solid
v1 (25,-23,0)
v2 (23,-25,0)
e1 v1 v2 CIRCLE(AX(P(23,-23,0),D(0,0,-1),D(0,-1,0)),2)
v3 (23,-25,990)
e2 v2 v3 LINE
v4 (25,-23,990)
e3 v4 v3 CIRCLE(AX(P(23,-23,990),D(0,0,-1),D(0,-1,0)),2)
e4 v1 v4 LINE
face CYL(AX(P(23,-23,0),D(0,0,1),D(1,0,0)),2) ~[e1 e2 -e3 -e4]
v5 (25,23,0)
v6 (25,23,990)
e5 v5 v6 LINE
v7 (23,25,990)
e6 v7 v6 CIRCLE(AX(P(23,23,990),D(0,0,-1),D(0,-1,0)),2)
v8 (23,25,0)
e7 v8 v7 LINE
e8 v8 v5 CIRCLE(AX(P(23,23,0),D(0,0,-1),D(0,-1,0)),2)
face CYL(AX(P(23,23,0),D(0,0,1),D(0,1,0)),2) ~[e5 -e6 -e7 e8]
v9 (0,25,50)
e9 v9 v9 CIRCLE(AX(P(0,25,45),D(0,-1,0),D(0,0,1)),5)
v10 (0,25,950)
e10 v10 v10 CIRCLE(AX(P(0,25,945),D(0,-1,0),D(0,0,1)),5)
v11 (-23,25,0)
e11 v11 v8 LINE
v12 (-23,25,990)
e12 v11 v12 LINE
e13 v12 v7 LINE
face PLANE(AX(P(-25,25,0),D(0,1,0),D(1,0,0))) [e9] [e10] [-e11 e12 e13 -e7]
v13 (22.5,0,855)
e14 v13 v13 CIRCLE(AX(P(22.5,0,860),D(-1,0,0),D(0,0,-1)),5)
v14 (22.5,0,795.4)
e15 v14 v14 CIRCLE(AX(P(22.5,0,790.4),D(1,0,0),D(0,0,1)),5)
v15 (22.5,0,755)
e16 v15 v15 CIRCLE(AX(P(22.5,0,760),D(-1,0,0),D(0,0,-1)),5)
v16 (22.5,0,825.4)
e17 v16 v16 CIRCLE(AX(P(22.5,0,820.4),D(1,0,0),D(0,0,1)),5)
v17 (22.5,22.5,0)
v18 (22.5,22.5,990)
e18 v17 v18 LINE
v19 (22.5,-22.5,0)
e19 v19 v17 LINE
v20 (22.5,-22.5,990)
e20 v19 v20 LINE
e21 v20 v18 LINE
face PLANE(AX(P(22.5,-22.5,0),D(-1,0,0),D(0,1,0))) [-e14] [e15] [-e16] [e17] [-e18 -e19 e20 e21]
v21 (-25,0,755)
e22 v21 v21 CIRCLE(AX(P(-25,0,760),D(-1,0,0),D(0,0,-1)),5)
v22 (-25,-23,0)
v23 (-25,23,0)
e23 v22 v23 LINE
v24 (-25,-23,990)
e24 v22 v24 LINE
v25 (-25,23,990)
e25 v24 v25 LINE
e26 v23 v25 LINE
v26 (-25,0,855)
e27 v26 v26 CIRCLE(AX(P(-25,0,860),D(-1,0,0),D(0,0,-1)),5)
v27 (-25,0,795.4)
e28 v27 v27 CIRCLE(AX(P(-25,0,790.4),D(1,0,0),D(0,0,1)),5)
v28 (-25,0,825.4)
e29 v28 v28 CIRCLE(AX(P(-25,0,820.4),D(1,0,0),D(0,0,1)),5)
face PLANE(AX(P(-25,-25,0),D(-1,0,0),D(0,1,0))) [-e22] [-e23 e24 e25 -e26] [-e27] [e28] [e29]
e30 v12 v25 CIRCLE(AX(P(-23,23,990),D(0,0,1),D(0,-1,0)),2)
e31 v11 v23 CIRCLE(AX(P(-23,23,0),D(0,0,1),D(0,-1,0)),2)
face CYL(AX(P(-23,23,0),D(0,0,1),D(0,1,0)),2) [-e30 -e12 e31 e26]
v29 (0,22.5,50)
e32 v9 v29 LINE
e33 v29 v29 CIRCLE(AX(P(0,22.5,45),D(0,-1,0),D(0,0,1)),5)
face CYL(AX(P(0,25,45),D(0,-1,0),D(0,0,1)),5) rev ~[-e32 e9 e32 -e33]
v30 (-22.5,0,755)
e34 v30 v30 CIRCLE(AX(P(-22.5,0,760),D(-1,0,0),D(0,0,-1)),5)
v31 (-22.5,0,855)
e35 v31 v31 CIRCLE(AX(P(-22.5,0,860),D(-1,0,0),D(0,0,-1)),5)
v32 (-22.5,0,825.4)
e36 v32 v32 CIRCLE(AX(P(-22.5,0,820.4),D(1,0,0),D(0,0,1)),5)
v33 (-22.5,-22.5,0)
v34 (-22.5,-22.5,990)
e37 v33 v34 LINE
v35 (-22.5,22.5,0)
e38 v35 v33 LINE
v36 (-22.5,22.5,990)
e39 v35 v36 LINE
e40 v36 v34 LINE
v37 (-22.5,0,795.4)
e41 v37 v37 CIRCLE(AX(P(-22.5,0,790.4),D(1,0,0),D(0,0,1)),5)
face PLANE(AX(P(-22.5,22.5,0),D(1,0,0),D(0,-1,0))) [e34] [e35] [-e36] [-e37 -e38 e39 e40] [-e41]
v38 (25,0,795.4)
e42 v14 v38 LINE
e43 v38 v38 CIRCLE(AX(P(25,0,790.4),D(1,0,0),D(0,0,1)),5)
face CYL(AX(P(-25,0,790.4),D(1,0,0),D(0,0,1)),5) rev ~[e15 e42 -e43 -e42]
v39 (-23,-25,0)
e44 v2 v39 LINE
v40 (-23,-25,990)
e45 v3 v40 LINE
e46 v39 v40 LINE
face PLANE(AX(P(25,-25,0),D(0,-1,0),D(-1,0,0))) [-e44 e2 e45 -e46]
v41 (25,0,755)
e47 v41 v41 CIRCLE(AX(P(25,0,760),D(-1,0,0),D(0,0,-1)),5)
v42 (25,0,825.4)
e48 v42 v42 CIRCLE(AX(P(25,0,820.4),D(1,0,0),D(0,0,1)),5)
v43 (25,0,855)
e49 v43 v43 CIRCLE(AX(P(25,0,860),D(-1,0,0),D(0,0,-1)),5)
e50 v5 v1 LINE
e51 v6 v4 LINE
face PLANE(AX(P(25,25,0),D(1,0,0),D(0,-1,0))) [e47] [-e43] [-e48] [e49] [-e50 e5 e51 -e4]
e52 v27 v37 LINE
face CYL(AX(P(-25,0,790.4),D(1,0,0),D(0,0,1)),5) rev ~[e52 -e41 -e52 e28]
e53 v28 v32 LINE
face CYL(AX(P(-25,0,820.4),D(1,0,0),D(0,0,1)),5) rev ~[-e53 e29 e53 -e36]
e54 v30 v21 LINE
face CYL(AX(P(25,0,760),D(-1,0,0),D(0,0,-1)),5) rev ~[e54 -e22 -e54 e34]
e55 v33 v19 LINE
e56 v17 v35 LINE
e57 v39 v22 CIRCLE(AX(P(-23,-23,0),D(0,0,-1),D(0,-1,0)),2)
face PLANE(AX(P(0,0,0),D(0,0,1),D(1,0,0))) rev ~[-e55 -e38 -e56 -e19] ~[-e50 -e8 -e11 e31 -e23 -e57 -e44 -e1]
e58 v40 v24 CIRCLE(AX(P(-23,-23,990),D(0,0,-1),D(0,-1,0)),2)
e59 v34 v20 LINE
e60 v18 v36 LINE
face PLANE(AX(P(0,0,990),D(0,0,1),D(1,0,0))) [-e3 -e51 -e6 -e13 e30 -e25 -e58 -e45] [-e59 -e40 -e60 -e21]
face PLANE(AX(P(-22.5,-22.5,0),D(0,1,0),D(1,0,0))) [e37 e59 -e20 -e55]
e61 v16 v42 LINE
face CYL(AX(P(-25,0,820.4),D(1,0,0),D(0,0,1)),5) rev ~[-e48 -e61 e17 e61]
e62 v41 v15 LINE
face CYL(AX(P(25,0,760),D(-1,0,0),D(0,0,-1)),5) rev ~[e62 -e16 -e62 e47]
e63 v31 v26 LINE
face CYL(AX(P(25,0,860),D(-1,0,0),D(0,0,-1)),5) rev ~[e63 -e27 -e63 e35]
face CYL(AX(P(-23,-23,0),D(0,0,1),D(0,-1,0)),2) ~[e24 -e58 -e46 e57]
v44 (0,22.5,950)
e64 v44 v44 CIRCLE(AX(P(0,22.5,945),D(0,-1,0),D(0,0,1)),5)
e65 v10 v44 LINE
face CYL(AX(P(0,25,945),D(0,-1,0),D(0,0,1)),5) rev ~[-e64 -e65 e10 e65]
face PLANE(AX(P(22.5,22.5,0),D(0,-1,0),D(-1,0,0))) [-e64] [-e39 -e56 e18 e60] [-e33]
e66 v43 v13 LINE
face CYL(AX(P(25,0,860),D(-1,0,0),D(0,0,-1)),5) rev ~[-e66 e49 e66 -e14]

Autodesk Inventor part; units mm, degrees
ref_plane "YZ Plane" through (0, 0, 0) normal (1, 0, 0) x (0, 1, 0)
ref_plane "XZ Plane" through (0, 0, 0) normal (0, 1, 0) x (-1, 0, 0)
ref_plane "XY Plane" through (0, 0, 0) normal (0, 0, 1) x (1, 0, 0)
sketch "Sketch1" plane through (0, 0, 0) normal (0, 0, 1) x (1, 0, 0)
  line L0 (-25, 25) -> (25, 25)
  line L1 (25, 25) -> (25, -25)
  line L2 (25, -25) -> (-25, -25)
  line L3 (-25, -25) -> (-25, 25)
  line L4 (22.5, 22.5) -> (-22.5, 22.5)
  line L5 (-22.5, 22.5) -> (-22.5, -22.5)
  line L6 (-22.5, -22.5) -> (22.5, -22.5)
  line L7 (22.5, -22.5) -> (22.5, 22.5)
  point P0 (0, 0)
  dimension "d0" = 50
  dimension "d1" = 50
  dimension "d2" = 25
  dimension "d3" = 25
  dimension "d4" = 2.5
extrude "Extrusion1" add sketch "Sketch1" along normal blind 990
fillet "Fillet1" radius 2 4 edges at (25, 25, 495) (-25, 25, 495) (25, -25, 495) (-25, -25, 495)
sketch "Sketch2" plane through (-23, 25, 0) normal (0, 1, 0) x (1, 0, 0)
  line L0 (46, 0) -> (0, 0) projected
  line L1 (46, -990) -> (0, -990) projected
  point P0 (23, 0)
  point P1 (23, -45)
  point P2 (23, -945)
  dimension "d8" = 45
  dimension "d9" = 0
  dimension "d10" = 45
  dimension "d11" = 0
hole "endHoles" at (0, 25, 45) at (0, 25, 945) direction (0, -1, 0) diameter 10 depth 2.5
sketch "Sketch3" plane through (25, -23, 0) normal (1, 0, 0) x (0, 0, -1)
  point P0 (0, 23)
  point P1 (-860, 23)
  point P2 (-760, 23)
  dimension "d19" = 860
  dimension "d20" = 760
  dimension "d21" = 0
  dimension "d22" = 0
hole "clampHoles" at (25, 0, 860) at (25, 0, 760) direction (-1, 0, 0) diameter 10 end through all
sketch "Sketch4" plane through (-25, -23, 0) normal (-1, 0, 0) x (0, 0, 1)
  circle A0 centre (760, 23) radius 5 projected
  circle A1 centre (760, 23) radius 5 projected
  circle A2 centre (860, 23) radius 5 projected
  line L0 (760, 23) -> (860, 23)
  point P0 (0, 23)
  point P1 (790.4, 23)
  point P2 (820.4, 23)
  dimension "d30" = 30
  dimension "d32" = 39.6
hole "Hole3" at (-25, 0, 790.4) at (-25, 0, 820.4) direction (1, 0, 0) diameter 10 end through all
equation "\"d0\" = w"
equation "\"d1\" = w"
equation "\"d2\" = 0.5 * d1"
equation "\"d3\" = 0.5 * d0"
equation "\"d4\" = 0.5 * t"
equation "\"d5\" = L + 2 * buffer"
equation "\"d7\" = fillet"
equation "\"d8\" = buffer"
equation "\"d10\" = buffer"
equation "\"d23\" = support_frame_clampHoleDiameter"
equation "\"w\" = support_frame_squareBarDimension"
equation "\"t\" = support_frame_squareBarThickness"
equation "\"fillet\" = support_frame_squareBarFillet"
equation "\"support_frame_endHoleBuffer\" = 45"
equation "\"buffer\" = support_frame_endHoleBuffer"
equation "\"hoop_angle_z\" = 45deg"
equation "\"hoop_bearing_length\" = 5deg"
equation "\"hoop_cable_diam\" = 5"
equation "\"hoop_cable_pulley_diam\" = 22"
equation "\"hoop_thickness_large\" = 4"
equation "\"hoop_thickness_medium\" = 3.2"
equation "\"hoop_thickness_small\" = 2"
equation "\"hoop_width_large\" = 51"
equation "\"hoop_width_medium\" = 33.7"
equation "\"hoop_width_small\" = 25.4"
equation "\"rack_tooth_addendum\" = 5"
equation "\"rack_tooth_dedendum\" = 5"
equation "\"rack_tooth_thickness\" = 5"
equation "\"secure_arm_angle\" = 35deg"
equation "\"secure_arm_radii\" = 9"
equation "\"support_baseClamp_platformLengthBuffer\" = 35"
equation "\"support_baseClamp_platformThickness\" = 15"
equation "\"support_baseClamp_platformWidthBuffer\" = 0"
equation "\"support_baseClamp_sleeveHoleDiameter\" = 12"
equation "\"support_baseClamp_sleeveSweepTerminationAngle\" = 55deg"
equation "\"support_baseClamp_thickness\" = 8"
equation "\"support_frame_clampHoleDiameter\" = 10"
equation "\"support_frame_squareBarFillet\" = 2"
equation "\"support_frame_squareBarThickness\" = 5"
equation "\"hoop_tabs_thickness\" = 6"
equation "\"wheelchair_deployed_length\" = 1067"
equation "\"wheelchair_deployed_height\" = 914"
equation "\"hoop_tabs_hole\" = 12"
equation "\"wheelchair_deployed_width\" = 635"
equation "\"sm_varx_pinPlate_thickness\" = 5"
equation "\"sm_varx_member_tolerance\" = 0"
equation "\"sm_varx_pinPlate_holeDiameter\" = 5"
equation "\"sm_varx_squareBarThickness\" = 2.5"
equation "\"hoop_bushing23_radialInterference\" = 0"
equation "\"hoop_bushing12_radialInterference\" = 0"
equation "\"hoop_bushing12_od\" = -2 * hoop_thickness_large + hoop_width_large + hoop_bushing12_radialInterference"
equation "\"wheelchatir_pos_deploy_angle_0\" = 65deg"
equation "\"wheelchatir_pos_store_angle_0\" = 90deg"
equation "\"wheelchatir_pos_deploy_angle_1\" = 20deg"
equation "\"wheelchatir_pos_store_angle_1\" = 20deg"
equation "\"hoop_bushing23_od\" = -2 * hoop_thickness_medium + hoop_width_medium + hoop_bushing23_radialInterference"
equation "\"hoop_bushing12_thickness\" = -hoop_width_medium + hoop_bushing12_od - 2 * hoop_bushing12_radialInterference"
equation "\"hoop_bushing23_thickness\" = -hoop_width_small + hoop_bushing23_od - 2 * hoop_bushing23_radialInterference"
equation "\"L\" = 900"
equation "\"support_frame_squareBarDimension\" = 50"
properties part number "support_frame_x" material "Steel, Mild"
